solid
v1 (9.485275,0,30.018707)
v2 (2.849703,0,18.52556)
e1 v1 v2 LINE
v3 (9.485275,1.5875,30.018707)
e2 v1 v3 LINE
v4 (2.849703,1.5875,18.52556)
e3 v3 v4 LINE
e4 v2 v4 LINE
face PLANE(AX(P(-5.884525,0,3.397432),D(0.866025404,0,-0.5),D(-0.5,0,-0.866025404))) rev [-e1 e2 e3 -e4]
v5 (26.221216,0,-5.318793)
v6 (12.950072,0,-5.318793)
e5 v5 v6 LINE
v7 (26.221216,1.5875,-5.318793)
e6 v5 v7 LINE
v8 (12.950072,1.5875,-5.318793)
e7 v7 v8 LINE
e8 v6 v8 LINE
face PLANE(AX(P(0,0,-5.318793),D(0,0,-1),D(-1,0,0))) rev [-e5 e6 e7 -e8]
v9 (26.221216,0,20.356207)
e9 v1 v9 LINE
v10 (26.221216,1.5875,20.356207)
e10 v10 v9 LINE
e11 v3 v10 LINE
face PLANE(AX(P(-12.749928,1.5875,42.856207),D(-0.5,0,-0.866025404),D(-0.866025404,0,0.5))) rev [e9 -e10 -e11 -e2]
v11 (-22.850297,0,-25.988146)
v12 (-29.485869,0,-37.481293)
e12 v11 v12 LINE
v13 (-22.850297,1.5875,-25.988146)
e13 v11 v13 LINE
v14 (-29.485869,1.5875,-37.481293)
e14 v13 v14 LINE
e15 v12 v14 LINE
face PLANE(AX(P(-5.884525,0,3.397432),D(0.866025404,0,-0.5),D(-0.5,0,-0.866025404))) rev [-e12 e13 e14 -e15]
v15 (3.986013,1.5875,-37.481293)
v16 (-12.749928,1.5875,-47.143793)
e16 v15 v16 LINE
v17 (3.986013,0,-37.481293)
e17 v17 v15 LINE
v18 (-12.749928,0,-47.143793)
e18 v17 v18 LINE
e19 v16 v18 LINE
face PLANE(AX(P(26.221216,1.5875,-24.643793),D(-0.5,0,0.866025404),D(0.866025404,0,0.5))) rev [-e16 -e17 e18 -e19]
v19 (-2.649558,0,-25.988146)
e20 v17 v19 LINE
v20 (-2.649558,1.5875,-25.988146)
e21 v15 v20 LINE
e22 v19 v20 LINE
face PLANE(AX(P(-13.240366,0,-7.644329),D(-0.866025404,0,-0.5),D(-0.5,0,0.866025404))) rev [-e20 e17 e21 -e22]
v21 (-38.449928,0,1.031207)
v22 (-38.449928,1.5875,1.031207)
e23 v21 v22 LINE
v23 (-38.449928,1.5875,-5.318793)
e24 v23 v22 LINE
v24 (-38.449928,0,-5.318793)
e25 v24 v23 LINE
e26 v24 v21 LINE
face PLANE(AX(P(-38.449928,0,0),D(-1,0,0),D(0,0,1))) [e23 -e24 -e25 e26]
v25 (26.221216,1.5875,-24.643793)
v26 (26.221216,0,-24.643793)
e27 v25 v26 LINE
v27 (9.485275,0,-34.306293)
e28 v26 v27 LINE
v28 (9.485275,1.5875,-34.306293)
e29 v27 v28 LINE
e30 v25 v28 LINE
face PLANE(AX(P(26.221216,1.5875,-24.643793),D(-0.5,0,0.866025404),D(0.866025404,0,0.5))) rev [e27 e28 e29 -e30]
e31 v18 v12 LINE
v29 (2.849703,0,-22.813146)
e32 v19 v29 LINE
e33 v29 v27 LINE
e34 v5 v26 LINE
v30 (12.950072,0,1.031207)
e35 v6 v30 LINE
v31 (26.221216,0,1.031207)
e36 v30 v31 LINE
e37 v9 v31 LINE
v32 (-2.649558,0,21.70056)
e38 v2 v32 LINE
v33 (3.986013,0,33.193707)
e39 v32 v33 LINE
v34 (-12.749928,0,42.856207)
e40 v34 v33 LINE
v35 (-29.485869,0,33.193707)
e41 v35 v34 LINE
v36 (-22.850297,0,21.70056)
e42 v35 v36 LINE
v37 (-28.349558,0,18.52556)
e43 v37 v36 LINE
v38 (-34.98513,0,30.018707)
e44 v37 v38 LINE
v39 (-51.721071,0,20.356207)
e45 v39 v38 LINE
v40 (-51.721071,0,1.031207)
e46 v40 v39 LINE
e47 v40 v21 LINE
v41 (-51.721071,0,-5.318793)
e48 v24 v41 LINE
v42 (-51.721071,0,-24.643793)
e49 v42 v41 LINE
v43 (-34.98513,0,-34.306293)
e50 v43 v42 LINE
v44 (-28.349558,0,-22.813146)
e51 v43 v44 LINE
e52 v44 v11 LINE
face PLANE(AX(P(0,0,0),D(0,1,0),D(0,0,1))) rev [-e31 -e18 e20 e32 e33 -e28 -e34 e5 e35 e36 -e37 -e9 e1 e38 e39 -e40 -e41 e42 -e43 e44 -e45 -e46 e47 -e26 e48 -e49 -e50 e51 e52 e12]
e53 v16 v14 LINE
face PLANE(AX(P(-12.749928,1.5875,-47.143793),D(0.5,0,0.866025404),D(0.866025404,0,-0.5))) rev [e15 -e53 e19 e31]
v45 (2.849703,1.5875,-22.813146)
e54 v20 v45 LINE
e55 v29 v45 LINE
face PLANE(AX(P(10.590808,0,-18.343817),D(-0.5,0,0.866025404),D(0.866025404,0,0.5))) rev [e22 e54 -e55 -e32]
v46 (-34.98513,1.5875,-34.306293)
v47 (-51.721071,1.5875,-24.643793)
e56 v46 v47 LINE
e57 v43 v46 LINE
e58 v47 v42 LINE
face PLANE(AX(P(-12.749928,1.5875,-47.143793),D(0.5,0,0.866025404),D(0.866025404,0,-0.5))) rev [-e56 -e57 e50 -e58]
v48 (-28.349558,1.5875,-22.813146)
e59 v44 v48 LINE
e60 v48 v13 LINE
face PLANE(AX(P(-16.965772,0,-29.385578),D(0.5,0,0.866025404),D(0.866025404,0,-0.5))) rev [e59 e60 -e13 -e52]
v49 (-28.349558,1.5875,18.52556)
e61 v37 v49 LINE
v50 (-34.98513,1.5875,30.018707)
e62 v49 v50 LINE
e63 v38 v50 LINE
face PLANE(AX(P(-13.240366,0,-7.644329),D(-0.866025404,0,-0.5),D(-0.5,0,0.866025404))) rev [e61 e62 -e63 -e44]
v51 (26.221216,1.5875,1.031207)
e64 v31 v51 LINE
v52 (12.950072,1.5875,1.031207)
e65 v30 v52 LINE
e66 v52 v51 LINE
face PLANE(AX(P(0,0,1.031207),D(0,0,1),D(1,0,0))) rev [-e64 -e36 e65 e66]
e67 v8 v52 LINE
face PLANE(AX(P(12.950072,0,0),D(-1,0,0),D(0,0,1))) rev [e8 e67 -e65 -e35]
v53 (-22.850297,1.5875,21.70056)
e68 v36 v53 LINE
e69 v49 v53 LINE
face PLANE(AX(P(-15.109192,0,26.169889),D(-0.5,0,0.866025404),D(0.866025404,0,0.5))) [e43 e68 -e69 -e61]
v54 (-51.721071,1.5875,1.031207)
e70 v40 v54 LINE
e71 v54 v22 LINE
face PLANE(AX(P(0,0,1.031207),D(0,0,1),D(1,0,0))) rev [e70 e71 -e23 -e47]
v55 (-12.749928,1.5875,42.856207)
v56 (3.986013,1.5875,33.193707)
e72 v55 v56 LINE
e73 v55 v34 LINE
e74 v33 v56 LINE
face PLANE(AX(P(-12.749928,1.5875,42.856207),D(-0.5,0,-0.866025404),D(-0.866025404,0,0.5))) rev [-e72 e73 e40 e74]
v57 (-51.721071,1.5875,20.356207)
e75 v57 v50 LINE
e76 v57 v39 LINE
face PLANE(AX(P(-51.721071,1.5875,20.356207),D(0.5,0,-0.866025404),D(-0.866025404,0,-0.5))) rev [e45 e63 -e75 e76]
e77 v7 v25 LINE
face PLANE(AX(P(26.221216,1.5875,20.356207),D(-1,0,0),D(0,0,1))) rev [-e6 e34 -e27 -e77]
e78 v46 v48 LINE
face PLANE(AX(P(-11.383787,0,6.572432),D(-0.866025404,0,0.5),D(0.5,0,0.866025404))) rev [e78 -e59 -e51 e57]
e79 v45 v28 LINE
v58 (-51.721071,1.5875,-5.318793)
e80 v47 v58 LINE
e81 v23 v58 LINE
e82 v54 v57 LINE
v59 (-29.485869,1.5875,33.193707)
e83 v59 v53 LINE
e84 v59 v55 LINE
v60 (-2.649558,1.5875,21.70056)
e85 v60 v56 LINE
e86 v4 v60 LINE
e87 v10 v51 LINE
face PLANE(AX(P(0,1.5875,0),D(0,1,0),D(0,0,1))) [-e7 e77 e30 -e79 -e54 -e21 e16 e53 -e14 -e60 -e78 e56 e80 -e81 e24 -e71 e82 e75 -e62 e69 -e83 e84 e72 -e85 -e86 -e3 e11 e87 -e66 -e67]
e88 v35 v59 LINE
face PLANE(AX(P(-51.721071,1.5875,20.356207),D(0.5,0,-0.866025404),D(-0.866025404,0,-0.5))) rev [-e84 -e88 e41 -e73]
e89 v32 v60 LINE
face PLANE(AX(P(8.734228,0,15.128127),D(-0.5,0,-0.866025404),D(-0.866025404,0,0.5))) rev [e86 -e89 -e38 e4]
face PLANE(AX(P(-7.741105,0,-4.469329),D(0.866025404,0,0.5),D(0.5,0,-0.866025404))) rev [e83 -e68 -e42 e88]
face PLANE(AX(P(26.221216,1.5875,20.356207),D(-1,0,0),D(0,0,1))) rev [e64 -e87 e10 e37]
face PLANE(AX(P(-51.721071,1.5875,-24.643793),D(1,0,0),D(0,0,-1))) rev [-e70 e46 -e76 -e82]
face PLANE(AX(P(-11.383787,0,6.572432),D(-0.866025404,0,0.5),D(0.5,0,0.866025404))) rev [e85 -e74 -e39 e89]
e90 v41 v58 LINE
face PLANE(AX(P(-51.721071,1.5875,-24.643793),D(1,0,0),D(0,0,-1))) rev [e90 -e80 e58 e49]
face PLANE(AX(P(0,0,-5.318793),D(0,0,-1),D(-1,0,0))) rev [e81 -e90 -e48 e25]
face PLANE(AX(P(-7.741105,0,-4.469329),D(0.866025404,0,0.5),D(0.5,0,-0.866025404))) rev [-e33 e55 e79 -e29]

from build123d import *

# Parameters (mm, degrees)
BOSS_EXTRUDE1_DEPTH = 1.5875
SKETCH2_W           = 13.27114317
SKETCH2_H           = 6.35
CUT_EXTRUDE1_DEPTH  = 71.000903906


with BuildPart() as part:
    # Sketch1 → Boss-Extrude1 (new body)
    with BuildSketch(Plane(origin=(0, 0, 0), x_dir=(1, 0, 0), z_dir=(0, 1, 0))):
        Polygon((26.221215583, 24.643793134), (-12.749927587, 47.143793134), (-51.721070757, 24.643793134), (-51.721070757, -20.356206866), (-12.749927587, -42.856206866), (26.221215583, -20.356206866), align=None)
    extrude(amount=BOSS_EXTRUDE1_DEPTH)

    # Sketch2 → Cut-Extrude1 (cut, through all)
    with BuildSketch(Plane(origin=(0, 1.5875, 0), x_dir=(1, 0, 0), z_dir=(0, 1, 0))):
        with Locations((19.585643998, 2.143793134)):
            Rectangle(SKETCH2_W, SKETCH2_H)
        Polygon((2.84970307, 22.813146011), (9.485274655, 34.306293134), (3.986013341, 37.481293134), (-2.649558244, 25.988146011), align=None)
        Polygon((-22.85029693, 25.988146011), (-29.485868515, 37.481293134), (-34.985129829, 34.306293134), (-28.349558244, 22.813146011), align=None)
        with Locations((-45.085499172, 2.143793134)):
            Rectangle(SKETCH2_W, SKETCH2_H)
        Polygon((3.986013341, -33.193706866), (9.485274655, -30.018706866), (2.84970307, -18.525559743), (-2.649558244, -21.700559743), align=None)
        Polygon((-34.985129829, -30.018706866), (-29.485868515, -33.193706866), (-22.85029693, -21.700559743), (-28.349558244, -18.525559743), align=None)
    extrude(amount=-CUT_EXTRUDE1_DEPTH, mode=Mode.SUBTRACT)


solid = part.part
